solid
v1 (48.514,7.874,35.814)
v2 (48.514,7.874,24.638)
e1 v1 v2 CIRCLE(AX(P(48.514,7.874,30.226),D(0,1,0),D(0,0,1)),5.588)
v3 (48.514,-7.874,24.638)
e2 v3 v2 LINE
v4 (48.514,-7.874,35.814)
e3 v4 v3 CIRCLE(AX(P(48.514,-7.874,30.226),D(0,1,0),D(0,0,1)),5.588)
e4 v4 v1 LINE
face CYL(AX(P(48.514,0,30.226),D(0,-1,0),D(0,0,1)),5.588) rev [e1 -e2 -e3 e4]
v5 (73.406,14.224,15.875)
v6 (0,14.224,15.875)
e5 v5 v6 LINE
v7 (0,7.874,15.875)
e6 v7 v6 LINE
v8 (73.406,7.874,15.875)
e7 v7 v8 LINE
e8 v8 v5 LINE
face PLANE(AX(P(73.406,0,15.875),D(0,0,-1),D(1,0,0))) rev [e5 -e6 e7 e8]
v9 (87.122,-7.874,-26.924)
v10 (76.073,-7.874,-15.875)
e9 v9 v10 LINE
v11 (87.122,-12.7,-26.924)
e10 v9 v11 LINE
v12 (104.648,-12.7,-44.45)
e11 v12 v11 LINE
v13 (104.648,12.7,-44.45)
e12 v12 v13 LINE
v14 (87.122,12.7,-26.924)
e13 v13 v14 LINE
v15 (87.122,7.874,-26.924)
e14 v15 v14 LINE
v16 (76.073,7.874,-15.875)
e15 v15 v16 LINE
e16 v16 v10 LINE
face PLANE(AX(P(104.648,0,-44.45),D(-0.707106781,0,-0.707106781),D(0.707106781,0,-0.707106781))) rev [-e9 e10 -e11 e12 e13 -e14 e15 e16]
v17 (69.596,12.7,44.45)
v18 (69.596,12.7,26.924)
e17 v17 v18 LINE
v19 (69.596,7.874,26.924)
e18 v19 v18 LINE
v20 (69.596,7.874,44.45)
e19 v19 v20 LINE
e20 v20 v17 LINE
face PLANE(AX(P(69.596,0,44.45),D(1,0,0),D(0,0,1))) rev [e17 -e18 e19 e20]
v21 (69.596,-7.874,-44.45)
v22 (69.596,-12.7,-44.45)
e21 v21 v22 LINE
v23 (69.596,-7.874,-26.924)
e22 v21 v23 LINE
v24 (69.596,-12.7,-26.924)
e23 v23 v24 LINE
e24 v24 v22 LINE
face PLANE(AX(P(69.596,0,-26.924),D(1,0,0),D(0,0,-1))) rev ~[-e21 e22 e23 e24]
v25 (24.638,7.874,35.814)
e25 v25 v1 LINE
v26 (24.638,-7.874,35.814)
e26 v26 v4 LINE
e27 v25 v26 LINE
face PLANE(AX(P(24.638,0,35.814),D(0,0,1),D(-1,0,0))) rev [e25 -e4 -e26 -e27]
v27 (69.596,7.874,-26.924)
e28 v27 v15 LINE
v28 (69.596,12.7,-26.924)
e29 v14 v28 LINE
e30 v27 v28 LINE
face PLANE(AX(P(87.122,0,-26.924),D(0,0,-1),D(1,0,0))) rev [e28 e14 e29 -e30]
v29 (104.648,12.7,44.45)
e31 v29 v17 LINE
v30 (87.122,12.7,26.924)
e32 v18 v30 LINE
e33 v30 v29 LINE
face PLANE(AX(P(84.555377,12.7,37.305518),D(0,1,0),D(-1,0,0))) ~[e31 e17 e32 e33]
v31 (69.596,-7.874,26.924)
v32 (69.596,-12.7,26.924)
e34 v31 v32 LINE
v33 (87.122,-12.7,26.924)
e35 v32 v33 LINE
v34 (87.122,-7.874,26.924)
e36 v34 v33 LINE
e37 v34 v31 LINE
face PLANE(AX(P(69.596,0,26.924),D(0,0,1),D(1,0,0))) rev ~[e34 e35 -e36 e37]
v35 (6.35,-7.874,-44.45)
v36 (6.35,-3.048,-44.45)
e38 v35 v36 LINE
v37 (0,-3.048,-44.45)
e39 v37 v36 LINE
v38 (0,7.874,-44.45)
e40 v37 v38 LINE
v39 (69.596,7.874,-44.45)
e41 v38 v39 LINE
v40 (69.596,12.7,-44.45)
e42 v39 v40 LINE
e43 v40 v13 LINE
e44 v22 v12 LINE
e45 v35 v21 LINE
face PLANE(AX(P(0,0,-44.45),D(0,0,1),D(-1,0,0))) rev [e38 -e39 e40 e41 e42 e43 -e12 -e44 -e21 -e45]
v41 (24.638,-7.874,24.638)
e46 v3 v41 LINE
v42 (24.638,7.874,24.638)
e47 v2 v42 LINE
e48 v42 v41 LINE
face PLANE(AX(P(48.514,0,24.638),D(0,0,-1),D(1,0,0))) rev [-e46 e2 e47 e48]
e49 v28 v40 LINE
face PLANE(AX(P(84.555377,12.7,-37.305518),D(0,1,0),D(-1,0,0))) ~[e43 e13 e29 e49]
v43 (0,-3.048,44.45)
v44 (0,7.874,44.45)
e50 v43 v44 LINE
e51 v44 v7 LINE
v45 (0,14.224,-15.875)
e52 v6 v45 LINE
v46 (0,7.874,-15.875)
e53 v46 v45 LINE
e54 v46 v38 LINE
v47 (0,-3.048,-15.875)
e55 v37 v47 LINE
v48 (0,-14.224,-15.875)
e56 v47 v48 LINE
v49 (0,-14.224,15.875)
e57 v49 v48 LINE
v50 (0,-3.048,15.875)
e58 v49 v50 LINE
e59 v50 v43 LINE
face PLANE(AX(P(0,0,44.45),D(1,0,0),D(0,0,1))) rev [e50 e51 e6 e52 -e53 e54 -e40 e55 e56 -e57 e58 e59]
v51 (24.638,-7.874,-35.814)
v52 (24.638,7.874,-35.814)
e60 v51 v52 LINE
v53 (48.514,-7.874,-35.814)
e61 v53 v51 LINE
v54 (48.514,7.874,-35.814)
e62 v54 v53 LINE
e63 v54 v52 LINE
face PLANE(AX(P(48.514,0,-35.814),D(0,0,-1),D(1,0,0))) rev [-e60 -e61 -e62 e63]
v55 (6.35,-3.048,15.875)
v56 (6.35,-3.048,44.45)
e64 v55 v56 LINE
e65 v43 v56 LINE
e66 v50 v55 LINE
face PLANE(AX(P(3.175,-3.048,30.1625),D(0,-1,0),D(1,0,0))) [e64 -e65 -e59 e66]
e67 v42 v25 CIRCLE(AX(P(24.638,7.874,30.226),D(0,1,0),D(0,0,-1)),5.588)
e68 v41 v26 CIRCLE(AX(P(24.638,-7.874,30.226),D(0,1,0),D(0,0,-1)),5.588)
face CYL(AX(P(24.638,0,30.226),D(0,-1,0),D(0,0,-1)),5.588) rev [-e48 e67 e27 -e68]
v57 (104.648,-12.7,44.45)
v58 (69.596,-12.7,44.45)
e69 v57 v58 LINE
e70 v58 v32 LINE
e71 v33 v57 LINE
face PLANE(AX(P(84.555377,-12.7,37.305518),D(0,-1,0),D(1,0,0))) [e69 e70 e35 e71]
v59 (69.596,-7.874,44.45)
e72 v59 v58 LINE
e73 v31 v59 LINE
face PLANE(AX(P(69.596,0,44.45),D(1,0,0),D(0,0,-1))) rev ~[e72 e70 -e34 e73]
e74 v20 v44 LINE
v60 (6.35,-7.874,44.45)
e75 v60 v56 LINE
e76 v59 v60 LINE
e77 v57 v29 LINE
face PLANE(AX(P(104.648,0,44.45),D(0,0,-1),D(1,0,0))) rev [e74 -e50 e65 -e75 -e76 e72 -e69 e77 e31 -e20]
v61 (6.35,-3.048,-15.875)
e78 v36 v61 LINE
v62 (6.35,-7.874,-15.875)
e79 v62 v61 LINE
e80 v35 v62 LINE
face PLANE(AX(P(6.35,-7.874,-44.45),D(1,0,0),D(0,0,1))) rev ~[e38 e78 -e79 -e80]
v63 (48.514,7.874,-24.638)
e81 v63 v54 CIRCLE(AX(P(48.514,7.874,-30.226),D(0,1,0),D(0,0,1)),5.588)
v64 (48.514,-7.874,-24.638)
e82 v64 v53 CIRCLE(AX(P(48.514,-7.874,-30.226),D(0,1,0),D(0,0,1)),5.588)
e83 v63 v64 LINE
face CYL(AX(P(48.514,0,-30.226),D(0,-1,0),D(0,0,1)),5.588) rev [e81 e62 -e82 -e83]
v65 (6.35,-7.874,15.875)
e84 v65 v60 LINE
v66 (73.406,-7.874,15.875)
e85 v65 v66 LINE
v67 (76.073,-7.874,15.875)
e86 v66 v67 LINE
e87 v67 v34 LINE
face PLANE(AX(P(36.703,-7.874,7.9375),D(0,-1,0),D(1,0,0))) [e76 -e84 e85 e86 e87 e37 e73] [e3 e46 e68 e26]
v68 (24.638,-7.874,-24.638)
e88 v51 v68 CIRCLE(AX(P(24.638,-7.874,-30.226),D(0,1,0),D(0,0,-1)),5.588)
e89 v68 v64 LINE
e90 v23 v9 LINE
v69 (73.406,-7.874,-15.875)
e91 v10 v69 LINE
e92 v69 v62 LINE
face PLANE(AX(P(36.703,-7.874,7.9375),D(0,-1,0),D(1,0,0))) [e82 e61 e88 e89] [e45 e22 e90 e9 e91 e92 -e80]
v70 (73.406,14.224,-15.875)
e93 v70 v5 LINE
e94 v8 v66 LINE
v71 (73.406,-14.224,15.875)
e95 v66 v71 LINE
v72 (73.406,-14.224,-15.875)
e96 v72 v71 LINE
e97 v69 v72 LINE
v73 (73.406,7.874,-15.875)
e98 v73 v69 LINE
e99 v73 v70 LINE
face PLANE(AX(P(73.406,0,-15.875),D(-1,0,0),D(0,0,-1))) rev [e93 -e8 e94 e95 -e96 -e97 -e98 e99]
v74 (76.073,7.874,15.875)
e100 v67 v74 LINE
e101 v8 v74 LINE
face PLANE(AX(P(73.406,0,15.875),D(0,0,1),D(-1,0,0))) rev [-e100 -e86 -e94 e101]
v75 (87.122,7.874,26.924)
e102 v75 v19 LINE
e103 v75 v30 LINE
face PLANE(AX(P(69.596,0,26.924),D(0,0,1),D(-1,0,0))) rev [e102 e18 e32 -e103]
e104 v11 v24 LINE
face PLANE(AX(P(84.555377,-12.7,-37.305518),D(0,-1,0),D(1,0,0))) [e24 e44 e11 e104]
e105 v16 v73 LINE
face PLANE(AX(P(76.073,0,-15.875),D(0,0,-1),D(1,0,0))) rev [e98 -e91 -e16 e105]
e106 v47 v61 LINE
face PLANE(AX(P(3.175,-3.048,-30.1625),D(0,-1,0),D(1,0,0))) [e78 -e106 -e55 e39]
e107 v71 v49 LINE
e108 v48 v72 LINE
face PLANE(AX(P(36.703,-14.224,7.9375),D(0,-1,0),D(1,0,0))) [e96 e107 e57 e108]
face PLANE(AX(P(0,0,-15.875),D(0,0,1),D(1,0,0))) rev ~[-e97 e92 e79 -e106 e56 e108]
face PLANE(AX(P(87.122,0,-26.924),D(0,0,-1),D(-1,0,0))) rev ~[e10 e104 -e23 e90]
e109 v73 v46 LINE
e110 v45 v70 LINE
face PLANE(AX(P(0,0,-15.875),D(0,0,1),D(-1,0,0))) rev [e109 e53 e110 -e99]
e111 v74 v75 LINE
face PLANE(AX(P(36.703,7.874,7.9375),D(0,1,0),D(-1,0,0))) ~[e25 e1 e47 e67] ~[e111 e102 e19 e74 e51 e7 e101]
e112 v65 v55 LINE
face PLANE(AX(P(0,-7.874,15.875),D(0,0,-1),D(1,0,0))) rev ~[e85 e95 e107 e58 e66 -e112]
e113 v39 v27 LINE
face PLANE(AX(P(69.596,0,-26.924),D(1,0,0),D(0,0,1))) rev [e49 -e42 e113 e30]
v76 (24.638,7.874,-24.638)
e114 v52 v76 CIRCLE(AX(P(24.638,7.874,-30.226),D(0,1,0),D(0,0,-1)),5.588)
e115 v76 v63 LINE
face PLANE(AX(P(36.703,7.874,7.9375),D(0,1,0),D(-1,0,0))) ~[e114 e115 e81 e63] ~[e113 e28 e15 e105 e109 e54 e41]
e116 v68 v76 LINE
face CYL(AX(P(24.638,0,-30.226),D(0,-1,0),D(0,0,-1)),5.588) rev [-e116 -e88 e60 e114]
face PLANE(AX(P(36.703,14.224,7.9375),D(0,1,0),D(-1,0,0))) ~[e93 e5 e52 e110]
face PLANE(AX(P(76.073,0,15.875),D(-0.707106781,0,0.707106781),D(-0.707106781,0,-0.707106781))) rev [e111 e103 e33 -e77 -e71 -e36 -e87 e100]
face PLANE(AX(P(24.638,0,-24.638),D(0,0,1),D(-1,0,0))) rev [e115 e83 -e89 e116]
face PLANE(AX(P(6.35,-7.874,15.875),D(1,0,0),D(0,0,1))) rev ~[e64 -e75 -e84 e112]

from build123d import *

# Parameters (mm, degrees)
F0_W     = 6.35
F0_H     = 28.575
F1_DEPTH = 7.874
F2_DEPTH = 14.224
F3_DEPTH = 12.7
F5_W     = 6.35
F5_H     = 28.575
F6_DEPTH = 4.826


with BuildPart() as f1:
    # F0 (on Front) → F1 (new body)
    with BuildSketch(Plane.XZ):
        Polygon((0, 15.875), (0, 0), (73.406, 0), (73.406, 15.875), (6.35, 15.875), align=None)
        Polygon((73.406, 0), (0, 0), (0, -15.875), (6.35, -15.875), (73.406, -15.875), align=None)
        with Locations((3.175, 30.1625)):
            Rectangle(F0_W, F0_H)
        with Locations((3.175, -30.1625)):
            Rectangle(F0_W, F0_H)
        Polygon((6.35, 44.45), (6.35, 15.875), (73.406, 15.875), (76.073, 15.875), (87.122, 26.924), (69.596, 26.924), (69.596, 44.45), align=None)
        with BuildLine():
            ThreePointArc((24.638, 24.638), (19.05, 30.226), (24.638, 35.814))
            Line((24.638, 35.814), (48.514, 35.814))
            ThreePointArc((48.514, 35.814), (54.102, 30.226), (48.514, 24.638))
            Line((48.514, 24.638), (24.638, 24.638))
        make_face(mode=Mode.SUBTRACT)
        Polygon((76.073, -15.875), (73.406, -15.875), (6.35, -15.875), (6.35, -44.45), (69.596, -44.45), (69.596, -26.924), (87.122, -26.924), align=None)
        with BuildLine():
            Line((24.638, -24.638), (48.514, -24.638))
            ThreePointArc((48.514, -24.638), (54.102, -30.226), (48.514, -35.814))
            Line((48.514, -35.814), (24.638, -35.814))
            ThreePointArc((24.638, -35.814), (19.05, -30.226), (24.638, -24.638))
        make_face(mode=Mode.SUBTRACT)
        Polygon((104.648, 44.45), (69.596, 44.45), (69.596, 26.924), (87.122, 26.924), align=None)
        Polygon((104.648, -44.45), (87.122, -26.924), (69.596, -26.924), (69.596, -44.45), align=None)
    extrude(amount=F1_DEPTH)

    # F0 (on Front) → F2 (join)
    with BuildSketch(Plane.XZ):
        Polygon((0, 15.875), (0, 0), (73.406, 0), (73.406, 15.875), (6.35, 15.875), align=None)
        Polygon((73.406, 0), (0, 0), (0, -15.875), (6.35, -15.875), (73.406, -15.875), align=None)
    extrude(amount=F2_DEPTH)

    # F0 (on Front) → F3 (join)
    with BuildSketch(Plane.XZ):
        Polygon((104.648, 44.45), (69.596, 44.45), (69.596, 26.924), (87.122, 26.924), align=None)
        Polygon((104.648, -44.45), (87.122, -26.924), (69.596, -26.924), (69.596, -44.45), align=None)
    extrude(amount=F3_DEPTH)

    # F4: F1 across plane


with BuildPart() as f1_1:
    add(f1.part)
    add(f1.part.mirror(Plane.XZ))

    # F5 (on face) → F6 (cut)
    with BuildSketch(Plane.XZ.offset(7.874)):
        with Locations((3.175, 30.1625)):
            Rectangle(F5_W, F5_H)
        with Locations((3.175, -30.1625)):
            Rectangle(F5_W, F5_H)
    extrude(amount=-F6_DEPTH, mode=Mode.SUBTRACT)


solid = f1_1.part
